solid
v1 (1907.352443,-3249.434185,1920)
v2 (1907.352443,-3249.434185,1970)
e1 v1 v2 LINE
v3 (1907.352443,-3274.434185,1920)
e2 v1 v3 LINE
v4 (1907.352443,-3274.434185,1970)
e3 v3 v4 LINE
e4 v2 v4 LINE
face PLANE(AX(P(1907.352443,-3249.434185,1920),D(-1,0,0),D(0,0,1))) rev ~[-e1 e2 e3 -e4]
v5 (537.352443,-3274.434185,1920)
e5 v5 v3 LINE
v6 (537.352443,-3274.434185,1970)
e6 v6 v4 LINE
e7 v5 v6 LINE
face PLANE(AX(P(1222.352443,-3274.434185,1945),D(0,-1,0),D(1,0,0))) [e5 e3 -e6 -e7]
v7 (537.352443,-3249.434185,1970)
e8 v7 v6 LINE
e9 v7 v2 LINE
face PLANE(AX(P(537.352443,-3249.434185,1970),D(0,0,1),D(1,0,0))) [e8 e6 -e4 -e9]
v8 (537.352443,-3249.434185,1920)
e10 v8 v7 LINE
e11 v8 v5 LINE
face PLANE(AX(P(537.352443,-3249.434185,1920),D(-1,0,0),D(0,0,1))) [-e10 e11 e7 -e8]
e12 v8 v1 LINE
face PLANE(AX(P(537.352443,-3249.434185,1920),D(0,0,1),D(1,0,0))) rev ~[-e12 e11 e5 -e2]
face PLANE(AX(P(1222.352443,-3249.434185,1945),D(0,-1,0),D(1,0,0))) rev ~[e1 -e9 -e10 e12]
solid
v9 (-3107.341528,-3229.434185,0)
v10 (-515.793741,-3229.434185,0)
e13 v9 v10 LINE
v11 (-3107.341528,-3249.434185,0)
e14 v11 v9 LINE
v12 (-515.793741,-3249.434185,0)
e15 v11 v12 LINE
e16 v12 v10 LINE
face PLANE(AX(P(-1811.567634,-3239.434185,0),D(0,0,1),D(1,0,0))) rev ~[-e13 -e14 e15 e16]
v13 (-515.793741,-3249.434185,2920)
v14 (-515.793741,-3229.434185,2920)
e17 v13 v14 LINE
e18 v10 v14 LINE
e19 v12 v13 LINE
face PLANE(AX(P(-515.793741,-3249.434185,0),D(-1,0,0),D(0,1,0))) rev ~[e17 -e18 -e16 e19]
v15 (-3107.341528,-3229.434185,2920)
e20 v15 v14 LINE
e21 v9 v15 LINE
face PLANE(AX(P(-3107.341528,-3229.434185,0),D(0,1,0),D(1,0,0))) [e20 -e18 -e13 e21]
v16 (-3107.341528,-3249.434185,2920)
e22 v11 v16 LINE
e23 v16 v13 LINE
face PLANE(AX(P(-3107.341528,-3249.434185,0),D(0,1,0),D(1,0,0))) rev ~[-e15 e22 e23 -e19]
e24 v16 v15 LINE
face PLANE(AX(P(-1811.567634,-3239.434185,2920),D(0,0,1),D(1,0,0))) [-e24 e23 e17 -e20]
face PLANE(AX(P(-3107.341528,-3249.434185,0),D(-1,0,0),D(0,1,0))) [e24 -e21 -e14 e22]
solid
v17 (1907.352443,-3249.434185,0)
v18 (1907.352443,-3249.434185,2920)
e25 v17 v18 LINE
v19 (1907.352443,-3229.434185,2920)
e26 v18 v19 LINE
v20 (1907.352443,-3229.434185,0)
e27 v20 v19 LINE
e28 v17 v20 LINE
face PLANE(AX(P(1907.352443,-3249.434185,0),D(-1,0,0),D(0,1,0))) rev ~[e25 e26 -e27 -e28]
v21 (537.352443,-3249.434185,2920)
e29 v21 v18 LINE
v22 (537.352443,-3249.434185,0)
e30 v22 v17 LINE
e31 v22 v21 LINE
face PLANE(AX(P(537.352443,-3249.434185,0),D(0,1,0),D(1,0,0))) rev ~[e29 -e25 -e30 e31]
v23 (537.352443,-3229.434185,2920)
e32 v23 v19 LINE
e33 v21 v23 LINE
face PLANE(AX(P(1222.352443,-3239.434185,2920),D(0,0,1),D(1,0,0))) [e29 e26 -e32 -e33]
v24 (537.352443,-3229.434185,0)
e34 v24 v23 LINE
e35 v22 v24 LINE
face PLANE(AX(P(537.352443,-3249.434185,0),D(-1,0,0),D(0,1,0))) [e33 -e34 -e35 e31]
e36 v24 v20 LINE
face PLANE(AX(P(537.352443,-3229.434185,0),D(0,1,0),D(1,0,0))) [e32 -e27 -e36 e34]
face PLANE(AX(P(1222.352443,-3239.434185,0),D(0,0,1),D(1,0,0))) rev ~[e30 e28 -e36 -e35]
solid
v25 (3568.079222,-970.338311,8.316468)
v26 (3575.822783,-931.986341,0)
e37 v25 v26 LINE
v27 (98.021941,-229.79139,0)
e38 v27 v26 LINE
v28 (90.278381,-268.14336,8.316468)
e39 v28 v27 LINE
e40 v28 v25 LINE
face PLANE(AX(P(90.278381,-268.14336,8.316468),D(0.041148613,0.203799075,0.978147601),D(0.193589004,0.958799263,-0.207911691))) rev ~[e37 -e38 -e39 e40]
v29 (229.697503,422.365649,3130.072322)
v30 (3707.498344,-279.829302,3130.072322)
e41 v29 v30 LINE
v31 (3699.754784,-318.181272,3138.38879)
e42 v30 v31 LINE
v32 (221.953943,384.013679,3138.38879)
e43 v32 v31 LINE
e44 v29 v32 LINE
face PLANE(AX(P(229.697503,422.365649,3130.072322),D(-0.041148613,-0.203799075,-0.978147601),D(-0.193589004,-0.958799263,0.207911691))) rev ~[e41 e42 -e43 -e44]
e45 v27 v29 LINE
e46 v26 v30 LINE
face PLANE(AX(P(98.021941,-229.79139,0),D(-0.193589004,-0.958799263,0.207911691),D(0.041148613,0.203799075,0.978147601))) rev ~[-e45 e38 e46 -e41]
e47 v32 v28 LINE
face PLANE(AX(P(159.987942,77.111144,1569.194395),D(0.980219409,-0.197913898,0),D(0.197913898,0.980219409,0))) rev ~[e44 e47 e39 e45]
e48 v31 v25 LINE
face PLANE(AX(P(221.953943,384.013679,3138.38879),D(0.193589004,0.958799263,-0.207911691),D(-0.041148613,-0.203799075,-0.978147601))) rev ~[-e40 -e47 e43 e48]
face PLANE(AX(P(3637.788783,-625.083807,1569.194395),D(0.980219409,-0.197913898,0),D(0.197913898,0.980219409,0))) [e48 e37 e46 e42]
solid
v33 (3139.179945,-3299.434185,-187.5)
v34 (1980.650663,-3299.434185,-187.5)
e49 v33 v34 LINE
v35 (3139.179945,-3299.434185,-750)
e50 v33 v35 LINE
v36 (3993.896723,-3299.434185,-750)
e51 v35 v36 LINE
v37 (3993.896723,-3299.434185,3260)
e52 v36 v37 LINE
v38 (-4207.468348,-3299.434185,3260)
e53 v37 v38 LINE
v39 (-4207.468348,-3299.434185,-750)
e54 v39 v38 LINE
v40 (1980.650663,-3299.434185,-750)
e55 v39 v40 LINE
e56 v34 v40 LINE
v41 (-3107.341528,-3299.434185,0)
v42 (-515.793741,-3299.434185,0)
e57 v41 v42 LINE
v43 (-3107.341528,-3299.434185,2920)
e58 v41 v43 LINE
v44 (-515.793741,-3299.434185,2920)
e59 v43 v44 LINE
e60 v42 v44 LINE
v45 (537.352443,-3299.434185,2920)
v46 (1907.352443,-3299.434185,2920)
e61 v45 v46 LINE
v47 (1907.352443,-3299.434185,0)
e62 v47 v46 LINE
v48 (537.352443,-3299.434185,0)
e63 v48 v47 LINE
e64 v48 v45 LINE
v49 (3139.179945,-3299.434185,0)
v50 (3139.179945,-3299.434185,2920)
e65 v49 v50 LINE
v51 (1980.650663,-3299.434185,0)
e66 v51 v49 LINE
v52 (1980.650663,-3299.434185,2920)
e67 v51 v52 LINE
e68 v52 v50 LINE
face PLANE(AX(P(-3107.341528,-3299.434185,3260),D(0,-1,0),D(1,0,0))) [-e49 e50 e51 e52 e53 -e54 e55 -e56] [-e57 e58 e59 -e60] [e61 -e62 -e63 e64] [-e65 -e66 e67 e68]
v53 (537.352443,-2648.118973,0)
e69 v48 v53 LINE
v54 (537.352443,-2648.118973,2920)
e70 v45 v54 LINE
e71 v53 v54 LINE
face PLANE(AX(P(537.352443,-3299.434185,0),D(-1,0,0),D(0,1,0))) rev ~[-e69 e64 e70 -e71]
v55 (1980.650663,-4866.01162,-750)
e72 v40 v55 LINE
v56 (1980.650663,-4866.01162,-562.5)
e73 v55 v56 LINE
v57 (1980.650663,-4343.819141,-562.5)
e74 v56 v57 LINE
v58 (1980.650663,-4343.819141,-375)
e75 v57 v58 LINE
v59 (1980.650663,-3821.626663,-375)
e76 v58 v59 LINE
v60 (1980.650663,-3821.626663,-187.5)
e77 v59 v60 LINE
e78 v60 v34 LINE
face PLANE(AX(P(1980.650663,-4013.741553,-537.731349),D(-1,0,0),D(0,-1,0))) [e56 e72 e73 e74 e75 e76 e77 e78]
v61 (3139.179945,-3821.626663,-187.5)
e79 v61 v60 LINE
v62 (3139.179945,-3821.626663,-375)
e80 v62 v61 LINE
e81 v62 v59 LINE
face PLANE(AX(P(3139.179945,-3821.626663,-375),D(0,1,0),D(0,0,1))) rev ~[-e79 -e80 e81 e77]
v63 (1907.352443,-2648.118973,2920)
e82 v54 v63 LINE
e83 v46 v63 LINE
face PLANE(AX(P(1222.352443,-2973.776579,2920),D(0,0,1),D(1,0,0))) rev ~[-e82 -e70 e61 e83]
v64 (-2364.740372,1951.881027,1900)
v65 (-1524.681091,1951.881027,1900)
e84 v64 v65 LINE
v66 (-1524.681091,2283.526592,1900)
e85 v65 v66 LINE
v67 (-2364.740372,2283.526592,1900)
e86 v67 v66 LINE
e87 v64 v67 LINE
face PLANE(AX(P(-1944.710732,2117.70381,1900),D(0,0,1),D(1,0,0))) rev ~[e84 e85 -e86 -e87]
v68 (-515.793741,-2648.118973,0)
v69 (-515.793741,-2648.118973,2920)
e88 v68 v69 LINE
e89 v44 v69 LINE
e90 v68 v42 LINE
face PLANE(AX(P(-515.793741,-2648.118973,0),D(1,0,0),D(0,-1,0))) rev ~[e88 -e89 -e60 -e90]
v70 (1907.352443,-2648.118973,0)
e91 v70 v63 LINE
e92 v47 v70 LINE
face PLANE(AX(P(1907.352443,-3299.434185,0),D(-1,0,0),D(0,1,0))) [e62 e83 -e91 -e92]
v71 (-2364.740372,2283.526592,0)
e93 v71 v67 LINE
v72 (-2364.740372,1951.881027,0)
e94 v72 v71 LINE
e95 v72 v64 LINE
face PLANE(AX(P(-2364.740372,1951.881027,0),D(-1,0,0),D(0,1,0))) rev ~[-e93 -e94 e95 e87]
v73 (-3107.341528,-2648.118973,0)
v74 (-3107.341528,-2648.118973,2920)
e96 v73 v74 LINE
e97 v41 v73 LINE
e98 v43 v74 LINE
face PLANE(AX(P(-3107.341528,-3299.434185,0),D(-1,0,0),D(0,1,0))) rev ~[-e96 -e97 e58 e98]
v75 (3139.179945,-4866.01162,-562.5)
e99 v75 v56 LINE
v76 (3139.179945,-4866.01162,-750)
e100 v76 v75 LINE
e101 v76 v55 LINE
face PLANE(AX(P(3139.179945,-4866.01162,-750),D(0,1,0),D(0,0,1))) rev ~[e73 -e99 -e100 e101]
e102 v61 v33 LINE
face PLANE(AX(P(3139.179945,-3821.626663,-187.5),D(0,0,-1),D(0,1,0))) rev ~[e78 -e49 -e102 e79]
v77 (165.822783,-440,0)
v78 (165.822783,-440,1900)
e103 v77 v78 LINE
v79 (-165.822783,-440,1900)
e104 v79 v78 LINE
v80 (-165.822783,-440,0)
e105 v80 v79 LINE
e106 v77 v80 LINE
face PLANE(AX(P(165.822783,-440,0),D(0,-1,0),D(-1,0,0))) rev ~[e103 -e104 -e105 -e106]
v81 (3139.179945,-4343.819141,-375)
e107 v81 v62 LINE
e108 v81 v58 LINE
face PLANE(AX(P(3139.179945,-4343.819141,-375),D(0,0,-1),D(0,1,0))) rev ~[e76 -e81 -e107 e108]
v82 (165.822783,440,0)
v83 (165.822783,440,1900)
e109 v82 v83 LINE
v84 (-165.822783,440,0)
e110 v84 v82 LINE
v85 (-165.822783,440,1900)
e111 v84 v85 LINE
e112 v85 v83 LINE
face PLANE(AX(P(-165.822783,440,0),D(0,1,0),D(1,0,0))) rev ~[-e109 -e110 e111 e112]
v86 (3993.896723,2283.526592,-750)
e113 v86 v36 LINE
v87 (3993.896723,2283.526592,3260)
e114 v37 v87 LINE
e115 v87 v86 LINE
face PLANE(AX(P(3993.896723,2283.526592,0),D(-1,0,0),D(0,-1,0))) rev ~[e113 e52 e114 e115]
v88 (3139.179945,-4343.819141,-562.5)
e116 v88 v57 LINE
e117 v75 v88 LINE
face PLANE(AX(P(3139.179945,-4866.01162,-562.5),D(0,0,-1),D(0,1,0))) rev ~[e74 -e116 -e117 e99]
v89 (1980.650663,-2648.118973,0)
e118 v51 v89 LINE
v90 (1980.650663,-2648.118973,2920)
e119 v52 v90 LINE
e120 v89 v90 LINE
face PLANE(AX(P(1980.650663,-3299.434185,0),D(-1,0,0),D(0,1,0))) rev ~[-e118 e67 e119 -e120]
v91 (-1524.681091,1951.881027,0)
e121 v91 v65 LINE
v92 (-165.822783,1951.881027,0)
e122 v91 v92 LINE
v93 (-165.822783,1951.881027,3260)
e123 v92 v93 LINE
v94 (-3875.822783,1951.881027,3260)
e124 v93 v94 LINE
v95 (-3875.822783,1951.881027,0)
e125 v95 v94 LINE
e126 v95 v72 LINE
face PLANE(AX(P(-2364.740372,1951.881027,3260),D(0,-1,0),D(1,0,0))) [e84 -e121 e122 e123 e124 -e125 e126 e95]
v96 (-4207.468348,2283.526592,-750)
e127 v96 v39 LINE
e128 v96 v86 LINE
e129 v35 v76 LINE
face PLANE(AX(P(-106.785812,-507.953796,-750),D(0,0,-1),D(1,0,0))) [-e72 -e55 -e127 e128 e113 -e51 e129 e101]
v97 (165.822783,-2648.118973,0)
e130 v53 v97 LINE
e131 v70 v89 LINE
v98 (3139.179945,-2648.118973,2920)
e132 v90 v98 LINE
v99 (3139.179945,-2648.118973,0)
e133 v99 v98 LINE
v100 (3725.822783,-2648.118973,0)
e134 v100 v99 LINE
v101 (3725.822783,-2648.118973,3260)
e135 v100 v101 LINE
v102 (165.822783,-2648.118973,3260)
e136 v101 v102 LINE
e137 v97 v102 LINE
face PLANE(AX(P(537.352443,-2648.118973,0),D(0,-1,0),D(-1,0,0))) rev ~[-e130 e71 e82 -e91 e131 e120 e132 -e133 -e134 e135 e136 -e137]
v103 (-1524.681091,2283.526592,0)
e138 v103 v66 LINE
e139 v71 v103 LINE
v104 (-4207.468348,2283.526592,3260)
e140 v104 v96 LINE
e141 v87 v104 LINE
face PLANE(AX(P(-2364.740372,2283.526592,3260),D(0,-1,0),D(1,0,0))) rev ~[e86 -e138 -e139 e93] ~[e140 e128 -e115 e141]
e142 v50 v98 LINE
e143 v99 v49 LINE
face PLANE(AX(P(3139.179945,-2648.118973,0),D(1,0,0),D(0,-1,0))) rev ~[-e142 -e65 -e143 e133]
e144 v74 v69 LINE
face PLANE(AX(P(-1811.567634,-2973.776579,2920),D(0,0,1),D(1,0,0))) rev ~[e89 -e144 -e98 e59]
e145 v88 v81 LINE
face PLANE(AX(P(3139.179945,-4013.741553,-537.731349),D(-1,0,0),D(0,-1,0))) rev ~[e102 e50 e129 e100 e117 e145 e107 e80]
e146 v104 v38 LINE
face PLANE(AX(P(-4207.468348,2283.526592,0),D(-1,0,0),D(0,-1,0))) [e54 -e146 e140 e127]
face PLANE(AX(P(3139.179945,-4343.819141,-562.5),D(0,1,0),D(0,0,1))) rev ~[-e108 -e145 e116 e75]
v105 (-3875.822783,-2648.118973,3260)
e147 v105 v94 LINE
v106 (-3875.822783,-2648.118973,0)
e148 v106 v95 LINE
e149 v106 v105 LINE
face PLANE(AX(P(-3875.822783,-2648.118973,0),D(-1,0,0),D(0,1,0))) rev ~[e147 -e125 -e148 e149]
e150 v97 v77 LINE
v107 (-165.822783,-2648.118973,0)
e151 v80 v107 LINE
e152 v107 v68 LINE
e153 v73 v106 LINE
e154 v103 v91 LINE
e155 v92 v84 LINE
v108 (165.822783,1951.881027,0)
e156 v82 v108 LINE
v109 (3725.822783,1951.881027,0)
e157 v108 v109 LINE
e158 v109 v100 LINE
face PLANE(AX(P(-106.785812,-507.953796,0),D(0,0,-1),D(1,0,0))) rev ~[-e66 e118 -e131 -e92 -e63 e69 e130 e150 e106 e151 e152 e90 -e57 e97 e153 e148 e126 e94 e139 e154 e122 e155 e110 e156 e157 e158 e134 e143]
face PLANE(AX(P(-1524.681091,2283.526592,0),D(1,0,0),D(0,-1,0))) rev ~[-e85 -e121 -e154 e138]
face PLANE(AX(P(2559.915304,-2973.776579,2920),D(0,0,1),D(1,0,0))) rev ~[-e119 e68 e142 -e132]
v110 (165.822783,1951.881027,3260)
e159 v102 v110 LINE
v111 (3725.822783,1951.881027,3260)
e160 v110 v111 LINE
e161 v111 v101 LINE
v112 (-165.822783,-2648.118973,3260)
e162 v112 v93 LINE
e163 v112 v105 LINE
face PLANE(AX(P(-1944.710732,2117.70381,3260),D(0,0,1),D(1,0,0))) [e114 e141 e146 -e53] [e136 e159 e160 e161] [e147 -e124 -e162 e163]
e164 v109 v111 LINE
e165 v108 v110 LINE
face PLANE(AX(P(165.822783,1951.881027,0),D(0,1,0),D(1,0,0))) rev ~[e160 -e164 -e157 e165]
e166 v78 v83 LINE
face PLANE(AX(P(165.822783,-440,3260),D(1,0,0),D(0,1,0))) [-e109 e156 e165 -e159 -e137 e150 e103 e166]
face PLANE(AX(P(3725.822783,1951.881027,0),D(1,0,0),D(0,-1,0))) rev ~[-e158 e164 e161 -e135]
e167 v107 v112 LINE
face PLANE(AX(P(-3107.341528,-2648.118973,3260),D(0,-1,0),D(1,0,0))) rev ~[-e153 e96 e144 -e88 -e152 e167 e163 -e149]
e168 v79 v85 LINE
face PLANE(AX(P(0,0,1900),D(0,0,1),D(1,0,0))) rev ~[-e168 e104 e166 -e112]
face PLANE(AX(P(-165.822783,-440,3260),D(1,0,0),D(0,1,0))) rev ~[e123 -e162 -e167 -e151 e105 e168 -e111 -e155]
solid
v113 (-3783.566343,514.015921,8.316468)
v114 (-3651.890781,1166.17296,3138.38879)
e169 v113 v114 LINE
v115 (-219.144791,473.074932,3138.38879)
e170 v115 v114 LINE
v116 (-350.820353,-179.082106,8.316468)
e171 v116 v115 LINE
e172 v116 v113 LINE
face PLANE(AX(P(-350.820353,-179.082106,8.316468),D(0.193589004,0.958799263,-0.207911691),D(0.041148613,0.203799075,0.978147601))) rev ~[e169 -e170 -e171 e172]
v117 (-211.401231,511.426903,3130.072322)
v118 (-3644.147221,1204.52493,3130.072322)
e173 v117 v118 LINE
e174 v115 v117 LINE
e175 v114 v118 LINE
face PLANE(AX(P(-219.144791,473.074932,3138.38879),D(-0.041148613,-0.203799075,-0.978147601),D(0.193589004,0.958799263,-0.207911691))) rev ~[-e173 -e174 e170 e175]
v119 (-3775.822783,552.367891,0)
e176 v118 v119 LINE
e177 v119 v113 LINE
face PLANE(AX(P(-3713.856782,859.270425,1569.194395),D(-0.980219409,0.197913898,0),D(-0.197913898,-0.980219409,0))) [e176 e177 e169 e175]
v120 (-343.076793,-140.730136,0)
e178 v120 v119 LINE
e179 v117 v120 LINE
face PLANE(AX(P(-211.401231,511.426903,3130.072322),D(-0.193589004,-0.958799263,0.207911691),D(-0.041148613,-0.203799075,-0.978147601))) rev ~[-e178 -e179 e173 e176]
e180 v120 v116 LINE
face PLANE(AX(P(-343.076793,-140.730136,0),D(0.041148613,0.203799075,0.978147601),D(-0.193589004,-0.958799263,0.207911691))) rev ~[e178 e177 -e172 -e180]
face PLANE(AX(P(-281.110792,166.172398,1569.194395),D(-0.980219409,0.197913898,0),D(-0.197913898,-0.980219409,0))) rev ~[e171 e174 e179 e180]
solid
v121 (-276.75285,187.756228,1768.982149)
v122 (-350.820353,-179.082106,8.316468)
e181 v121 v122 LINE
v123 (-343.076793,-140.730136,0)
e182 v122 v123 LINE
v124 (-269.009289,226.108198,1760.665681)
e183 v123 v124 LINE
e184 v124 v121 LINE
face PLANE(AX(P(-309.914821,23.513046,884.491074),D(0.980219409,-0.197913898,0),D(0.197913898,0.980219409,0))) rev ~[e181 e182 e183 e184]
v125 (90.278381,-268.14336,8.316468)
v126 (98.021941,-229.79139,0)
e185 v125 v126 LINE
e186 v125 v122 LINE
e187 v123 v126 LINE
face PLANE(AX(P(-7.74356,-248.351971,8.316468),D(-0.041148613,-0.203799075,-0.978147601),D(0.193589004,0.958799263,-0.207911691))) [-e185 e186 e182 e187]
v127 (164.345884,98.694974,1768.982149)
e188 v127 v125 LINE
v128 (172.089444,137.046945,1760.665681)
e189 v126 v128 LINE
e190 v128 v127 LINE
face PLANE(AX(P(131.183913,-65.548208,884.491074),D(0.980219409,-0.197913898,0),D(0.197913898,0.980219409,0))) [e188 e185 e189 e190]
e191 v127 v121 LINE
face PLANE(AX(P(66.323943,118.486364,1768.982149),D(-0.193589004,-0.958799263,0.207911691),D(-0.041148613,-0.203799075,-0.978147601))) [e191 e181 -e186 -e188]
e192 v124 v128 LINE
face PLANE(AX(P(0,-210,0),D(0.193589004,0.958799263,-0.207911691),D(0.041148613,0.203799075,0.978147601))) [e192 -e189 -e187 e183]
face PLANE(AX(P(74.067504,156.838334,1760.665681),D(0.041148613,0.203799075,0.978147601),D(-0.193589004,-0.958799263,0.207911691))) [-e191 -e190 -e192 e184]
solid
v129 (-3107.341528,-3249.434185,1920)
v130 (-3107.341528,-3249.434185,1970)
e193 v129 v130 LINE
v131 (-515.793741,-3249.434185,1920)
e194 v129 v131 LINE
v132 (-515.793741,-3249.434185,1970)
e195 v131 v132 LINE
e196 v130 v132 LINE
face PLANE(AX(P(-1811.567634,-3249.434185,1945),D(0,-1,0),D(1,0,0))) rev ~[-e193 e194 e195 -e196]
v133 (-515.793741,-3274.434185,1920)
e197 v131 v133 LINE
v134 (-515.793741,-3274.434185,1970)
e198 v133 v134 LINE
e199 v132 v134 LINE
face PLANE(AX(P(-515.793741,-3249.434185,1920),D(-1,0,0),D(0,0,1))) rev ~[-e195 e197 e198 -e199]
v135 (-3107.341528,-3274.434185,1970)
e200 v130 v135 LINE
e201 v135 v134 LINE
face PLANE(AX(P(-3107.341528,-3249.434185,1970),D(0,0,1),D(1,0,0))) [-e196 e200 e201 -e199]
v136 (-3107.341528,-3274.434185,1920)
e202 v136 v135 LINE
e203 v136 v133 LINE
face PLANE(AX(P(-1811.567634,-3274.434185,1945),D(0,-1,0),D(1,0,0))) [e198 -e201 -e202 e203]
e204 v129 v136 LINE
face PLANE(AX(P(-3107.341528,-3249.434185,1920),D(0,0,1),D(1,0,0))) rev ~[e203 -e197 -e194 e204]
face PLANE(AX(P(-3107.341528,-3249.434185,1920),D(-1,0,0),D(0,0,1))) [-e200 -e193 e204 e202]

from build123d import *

# Parameters (mm, degrees)
F1_DEPTH  = 3260
F0_W      = 73.2982206345
F0_H      = 651.3152122498
F2_W      = 8201.365070343
F2_H      = 5582.9607772827
F3_DEPTH  = 750
F5_DEPTH  = 1158.5292816162
F6_W      = 331.645565033
F6_H      = 880
F7_DEPTH  = 1360
F8_W      = 2591.5477871895
F8_H      = 651.3152122498
F8_W_2    = 1370
F8_W_3    = 1158.5292816162
F9_DEPTH  = 340
F10_W     = 840.0592803955
F10_H     = 331.645565033
F11_DEPTH = 1360
F12_W     = 2591.5477871895
F12_H     = 20
F13_DEPTH = 2920
F12_W_2   = 1370
F14_W     = 2591.5477871895
F14_H     = 50
F15_DEPTH = 25
F14_W_2   = 1370
F21_DEPTH = 100
F22_DEPTH = 350
F24_DEPTH = 3547.9820241107
F26_DEPTH = 3502.0179758893


with BuildPart() as f1:
    # F0 (on Top) → F1 (new body)
    with BuildSketch(Plane.XY):
        Polygon((-165.8227825165, 1951.8810272217), (-165.8227825165, 440), (165.8227825165, 440), (165.8227825165, 1951.8810272217), (3725.8227825165, 1951.8810272217), (3725.8227825165, -2648.1189727783), (3139.1799449921, -2648.1189727783), (3139.1799449921, -3299.4341850281), (3993.8967227936, -3299.4341850281), (3993.8967227936, 2283.5265922546), (-1524.6810913086, 2283.5265922546), (-1524.6810913086, 1951.8810272217), align=None)
    extrude(amount=F1_DEPTH)



with BuildPart() as f1b:
    # F0 (on Top) → F1, piece 2 (new body)
    with BuildSketch(Plane.XY):
        Polygon((165.8227825165, -440), (-165.8227825165, -440), (-165.8227825165, -2648.1189727783), (-515.7937407494, -2648.1189727783), (-515.7937407494, -3299.4341850281), (537.3524427414, -3299.4341850281), (537.3524427414, -2648.1189727783), (165.8227825165, -2648.1189727783), align=None)
    extrude(amount=F1_DEPTH)


with BuildPart() as f1c:
    # F0 (on Top) → F1, piece 3 (new body)
    with BuildSketch(Plane.XY):
        Polygon((-3875.8227825165, -2648.1189727783), (-3875.8227825165, 1951.8810272217), (-2364.7403717041, 1951.8810272217), (-2364.7403717041, 2283.5265922546), (-4207.4683475494, 2283.5265922546), (-4207.4683475494, -3299.4341850281), (-3107.3415279388, -3299.4341850281), (-3107.3415279388, -2648.1189727783), align=None)
    extrude(amount=F1_DEPTH)


with BuildPart() as f1d:
    # F0 (on Top) → F1, piece 4 (new body)
    with BuildSketch(Plane.XY):
        with Locations((1944.0015530586, -2973.7765789032)):
            Rectangle(F0_W, F0_H)
    extrude(amount=F1_DEPTH)


with BuildPart() as f1_1:
    add(f1.part)

    add(f1b.part)  # F3 merges F1b

    add(f1c.part)  # F3 merges F1c

    add(f1d.part)  # F3 merges F1d
    # F2 (on face) → F3 (join)
    with BuildSketch(Plane(origin=(0, 0, 0), x_dir=(1, 0, 0), z_dir=(0, 0, -1))):
        with Locations((-106.7858123779, 507.9537963867)):
            Rectangle(F2_W, F2_H)
    extrude(amount=F3_DEPTH)

    # F4 (on face) → F5 (join, through all)
    with BuildSketch(Plane(origin=(3139.1799449921, 0, 0), x_dir=(0, -1, 0), z_dir=(-1, 0, 0))):
        Polygon((3821.626663208, -187.5), (3299.4341850281, -187.5), (3299.4341850281, -750), (4866.0116195679, -750), (4866.0116195679, -562.5), (4343.8191413879, -562.5), (4343.8191413879, -375), (3821.626663208, -375), align=None)
    extrude(amount=F5_DEPTH)

    # F6 (on face) → F7 (join, through all)
    with BuildSketch(Plane.XY.offset(3260)):
        Rectangle(F6_W, F6_H)
    extrude(amount=-F7_DEPTH)

    # F8 (on face) → F9 (join, through all)
    with BuildSketch(Plane.XY.offset(3260)):
        with Locations((-1811.5676343441, -2973.7765789032)):
            Rectangle(F8_W, F8_H)
        with Locations((1222.3524427414, -2973.7765789032)):
            Rectangle(F8_W_2, F8_H)
        with Locations((2559.915304184, -2973.7765789032)):
            Rectangle(F8_W_3, F8_H)
    extrude(amount=-F9_DEPTH)

    # F10 (on face) → F11 (join, through all)
    with BuildSketch(Plane.XY.offset(3260)):
        with Locations((-1944.7107315063, 2117.7038097382)):
            Rectangle(F10_W, F10_H)
    extrude(amount=-F11_DEPTH)



with BuildPart() as f13:
    # F12 (on face) → F13 (new body, through all)
    with BuildSketch(Plane.XY):
        with Locations((-1811.5676343441, -3239.4341850281)):
            Rectangle(F12_W, F12_H)
    extrude(amount=F13_DEPTH)


with BuildPart() as f13b:
    # F12 (on face) → F13, piece 2 (new body, through all)
    with BuildSketch(Plane.XY):
        with Locations((1222.3524427414, -3239.4341850281)):
            Rectangle(F12_W_2, F12_H)
    extrude(amount=F13_DEPTH)


with BuildPart() as f15:
    # F14 (on face) → F15 (new body)
    with BuildSketch(Plane.XZ.offset(3249.4341850281)):
        with Locations((-1811.5676343441, 1945)):
            Rectangle(F14_W, F14_H)
    extrude(amount=F15_DEPTH)


with BuildPart() as f15b:
    # F14 (on face) → F15, piece 2 (new body)
    with BuildSketch(Plane.XZ.offset(3249.4341850281)):
        with Locations((1222.3524427414, 1945)):
            Rectangle(F14_W_2, F14_H)
    extrude(amount=F15_DEPTH)


with BuildPart() as f21:
    # F20 (on line) → F21 (new body)
    with BuildSketch(Plane(origin=(40.7397991721, -8.2256812816, 0), x_dir=(0.1979138976, 0.9802194087, 0), z_dir=(0.9802194087, -0.1979138976, 0))):
        Polygon((-244.9719798503, 8.3164676327), (-205.8460758209, 0), (168.394967651, 1760.6656813209), (129.2690636217, 1768.9821489536), align=None)
    extrude(amount=F21_DEPTH)


with BuildPart() as f1_2:
    add(f1_1.part)

    add(f21.part)  # F22 merges F21
    # F20 (on line) → F22 (join)
    with BuildSketch(Plane(origin=(40.7397991721, -8.2256812816, 0), x_dir=(0.1979138976, 0.9802194087, 0), z_dir=(0.9802194087, -0.1979138976, 0))):
        Polygon((-244.9719798503, 8.3164676327), (-205.8460758209, 0), (168.394967651, 1760.6656813209), (129.2690636217, 1768.9821489536), align=None)
    extrude(amount=-F22_DEPTH)


with BuildPart() as f24:
    # F23 (on face) → F24 (new body, through all)
    with BuildSketch(Plane(origin=(138.7617400392, -28.0170710419, 0), x_dir=(0.1979138976, 0.9802194087, 0), z_dir=(0.9802194087, -0.1979138976, 0))):
        Polygon((420.3454307666, 3138.3887899809), (129.2690636217, 1768.9821489536), (-244.9719798503, 8.3164676327), (-205.8460758209, 0), (168.394967651, 1760.6656813209), (459.4713347959, 3130.0723223482), align=None)
    extrude(amount=F24_DEPTH)


with BuildPart() as f26:
    # F25 (on face) → F26 (new body, through all)
    with BuildSketch(Plane(origin=(-302.3369938628, 61.0441828796, 0), x_dir=(-0.1979138976, -0.9802194087, 0), z_dir=(-0.9802194087, 0.1979138976, 0))):
        Polygon((244.9719798503, 8.3164676327), (-129.2690636217, 1768.9821489536), (-420.3454307666, 3138.3887899809), (-459.4713347959, 3130.0723223482), (-168.394967651, 1760.6656813209), (205.8460758209, 0), align=None)
    extrude(amount=F26_DEPTH)


solid = Compound([f13.part, f13b.part, f15.part, f15b.part, f1_2.part, f24.part, f26.part])
